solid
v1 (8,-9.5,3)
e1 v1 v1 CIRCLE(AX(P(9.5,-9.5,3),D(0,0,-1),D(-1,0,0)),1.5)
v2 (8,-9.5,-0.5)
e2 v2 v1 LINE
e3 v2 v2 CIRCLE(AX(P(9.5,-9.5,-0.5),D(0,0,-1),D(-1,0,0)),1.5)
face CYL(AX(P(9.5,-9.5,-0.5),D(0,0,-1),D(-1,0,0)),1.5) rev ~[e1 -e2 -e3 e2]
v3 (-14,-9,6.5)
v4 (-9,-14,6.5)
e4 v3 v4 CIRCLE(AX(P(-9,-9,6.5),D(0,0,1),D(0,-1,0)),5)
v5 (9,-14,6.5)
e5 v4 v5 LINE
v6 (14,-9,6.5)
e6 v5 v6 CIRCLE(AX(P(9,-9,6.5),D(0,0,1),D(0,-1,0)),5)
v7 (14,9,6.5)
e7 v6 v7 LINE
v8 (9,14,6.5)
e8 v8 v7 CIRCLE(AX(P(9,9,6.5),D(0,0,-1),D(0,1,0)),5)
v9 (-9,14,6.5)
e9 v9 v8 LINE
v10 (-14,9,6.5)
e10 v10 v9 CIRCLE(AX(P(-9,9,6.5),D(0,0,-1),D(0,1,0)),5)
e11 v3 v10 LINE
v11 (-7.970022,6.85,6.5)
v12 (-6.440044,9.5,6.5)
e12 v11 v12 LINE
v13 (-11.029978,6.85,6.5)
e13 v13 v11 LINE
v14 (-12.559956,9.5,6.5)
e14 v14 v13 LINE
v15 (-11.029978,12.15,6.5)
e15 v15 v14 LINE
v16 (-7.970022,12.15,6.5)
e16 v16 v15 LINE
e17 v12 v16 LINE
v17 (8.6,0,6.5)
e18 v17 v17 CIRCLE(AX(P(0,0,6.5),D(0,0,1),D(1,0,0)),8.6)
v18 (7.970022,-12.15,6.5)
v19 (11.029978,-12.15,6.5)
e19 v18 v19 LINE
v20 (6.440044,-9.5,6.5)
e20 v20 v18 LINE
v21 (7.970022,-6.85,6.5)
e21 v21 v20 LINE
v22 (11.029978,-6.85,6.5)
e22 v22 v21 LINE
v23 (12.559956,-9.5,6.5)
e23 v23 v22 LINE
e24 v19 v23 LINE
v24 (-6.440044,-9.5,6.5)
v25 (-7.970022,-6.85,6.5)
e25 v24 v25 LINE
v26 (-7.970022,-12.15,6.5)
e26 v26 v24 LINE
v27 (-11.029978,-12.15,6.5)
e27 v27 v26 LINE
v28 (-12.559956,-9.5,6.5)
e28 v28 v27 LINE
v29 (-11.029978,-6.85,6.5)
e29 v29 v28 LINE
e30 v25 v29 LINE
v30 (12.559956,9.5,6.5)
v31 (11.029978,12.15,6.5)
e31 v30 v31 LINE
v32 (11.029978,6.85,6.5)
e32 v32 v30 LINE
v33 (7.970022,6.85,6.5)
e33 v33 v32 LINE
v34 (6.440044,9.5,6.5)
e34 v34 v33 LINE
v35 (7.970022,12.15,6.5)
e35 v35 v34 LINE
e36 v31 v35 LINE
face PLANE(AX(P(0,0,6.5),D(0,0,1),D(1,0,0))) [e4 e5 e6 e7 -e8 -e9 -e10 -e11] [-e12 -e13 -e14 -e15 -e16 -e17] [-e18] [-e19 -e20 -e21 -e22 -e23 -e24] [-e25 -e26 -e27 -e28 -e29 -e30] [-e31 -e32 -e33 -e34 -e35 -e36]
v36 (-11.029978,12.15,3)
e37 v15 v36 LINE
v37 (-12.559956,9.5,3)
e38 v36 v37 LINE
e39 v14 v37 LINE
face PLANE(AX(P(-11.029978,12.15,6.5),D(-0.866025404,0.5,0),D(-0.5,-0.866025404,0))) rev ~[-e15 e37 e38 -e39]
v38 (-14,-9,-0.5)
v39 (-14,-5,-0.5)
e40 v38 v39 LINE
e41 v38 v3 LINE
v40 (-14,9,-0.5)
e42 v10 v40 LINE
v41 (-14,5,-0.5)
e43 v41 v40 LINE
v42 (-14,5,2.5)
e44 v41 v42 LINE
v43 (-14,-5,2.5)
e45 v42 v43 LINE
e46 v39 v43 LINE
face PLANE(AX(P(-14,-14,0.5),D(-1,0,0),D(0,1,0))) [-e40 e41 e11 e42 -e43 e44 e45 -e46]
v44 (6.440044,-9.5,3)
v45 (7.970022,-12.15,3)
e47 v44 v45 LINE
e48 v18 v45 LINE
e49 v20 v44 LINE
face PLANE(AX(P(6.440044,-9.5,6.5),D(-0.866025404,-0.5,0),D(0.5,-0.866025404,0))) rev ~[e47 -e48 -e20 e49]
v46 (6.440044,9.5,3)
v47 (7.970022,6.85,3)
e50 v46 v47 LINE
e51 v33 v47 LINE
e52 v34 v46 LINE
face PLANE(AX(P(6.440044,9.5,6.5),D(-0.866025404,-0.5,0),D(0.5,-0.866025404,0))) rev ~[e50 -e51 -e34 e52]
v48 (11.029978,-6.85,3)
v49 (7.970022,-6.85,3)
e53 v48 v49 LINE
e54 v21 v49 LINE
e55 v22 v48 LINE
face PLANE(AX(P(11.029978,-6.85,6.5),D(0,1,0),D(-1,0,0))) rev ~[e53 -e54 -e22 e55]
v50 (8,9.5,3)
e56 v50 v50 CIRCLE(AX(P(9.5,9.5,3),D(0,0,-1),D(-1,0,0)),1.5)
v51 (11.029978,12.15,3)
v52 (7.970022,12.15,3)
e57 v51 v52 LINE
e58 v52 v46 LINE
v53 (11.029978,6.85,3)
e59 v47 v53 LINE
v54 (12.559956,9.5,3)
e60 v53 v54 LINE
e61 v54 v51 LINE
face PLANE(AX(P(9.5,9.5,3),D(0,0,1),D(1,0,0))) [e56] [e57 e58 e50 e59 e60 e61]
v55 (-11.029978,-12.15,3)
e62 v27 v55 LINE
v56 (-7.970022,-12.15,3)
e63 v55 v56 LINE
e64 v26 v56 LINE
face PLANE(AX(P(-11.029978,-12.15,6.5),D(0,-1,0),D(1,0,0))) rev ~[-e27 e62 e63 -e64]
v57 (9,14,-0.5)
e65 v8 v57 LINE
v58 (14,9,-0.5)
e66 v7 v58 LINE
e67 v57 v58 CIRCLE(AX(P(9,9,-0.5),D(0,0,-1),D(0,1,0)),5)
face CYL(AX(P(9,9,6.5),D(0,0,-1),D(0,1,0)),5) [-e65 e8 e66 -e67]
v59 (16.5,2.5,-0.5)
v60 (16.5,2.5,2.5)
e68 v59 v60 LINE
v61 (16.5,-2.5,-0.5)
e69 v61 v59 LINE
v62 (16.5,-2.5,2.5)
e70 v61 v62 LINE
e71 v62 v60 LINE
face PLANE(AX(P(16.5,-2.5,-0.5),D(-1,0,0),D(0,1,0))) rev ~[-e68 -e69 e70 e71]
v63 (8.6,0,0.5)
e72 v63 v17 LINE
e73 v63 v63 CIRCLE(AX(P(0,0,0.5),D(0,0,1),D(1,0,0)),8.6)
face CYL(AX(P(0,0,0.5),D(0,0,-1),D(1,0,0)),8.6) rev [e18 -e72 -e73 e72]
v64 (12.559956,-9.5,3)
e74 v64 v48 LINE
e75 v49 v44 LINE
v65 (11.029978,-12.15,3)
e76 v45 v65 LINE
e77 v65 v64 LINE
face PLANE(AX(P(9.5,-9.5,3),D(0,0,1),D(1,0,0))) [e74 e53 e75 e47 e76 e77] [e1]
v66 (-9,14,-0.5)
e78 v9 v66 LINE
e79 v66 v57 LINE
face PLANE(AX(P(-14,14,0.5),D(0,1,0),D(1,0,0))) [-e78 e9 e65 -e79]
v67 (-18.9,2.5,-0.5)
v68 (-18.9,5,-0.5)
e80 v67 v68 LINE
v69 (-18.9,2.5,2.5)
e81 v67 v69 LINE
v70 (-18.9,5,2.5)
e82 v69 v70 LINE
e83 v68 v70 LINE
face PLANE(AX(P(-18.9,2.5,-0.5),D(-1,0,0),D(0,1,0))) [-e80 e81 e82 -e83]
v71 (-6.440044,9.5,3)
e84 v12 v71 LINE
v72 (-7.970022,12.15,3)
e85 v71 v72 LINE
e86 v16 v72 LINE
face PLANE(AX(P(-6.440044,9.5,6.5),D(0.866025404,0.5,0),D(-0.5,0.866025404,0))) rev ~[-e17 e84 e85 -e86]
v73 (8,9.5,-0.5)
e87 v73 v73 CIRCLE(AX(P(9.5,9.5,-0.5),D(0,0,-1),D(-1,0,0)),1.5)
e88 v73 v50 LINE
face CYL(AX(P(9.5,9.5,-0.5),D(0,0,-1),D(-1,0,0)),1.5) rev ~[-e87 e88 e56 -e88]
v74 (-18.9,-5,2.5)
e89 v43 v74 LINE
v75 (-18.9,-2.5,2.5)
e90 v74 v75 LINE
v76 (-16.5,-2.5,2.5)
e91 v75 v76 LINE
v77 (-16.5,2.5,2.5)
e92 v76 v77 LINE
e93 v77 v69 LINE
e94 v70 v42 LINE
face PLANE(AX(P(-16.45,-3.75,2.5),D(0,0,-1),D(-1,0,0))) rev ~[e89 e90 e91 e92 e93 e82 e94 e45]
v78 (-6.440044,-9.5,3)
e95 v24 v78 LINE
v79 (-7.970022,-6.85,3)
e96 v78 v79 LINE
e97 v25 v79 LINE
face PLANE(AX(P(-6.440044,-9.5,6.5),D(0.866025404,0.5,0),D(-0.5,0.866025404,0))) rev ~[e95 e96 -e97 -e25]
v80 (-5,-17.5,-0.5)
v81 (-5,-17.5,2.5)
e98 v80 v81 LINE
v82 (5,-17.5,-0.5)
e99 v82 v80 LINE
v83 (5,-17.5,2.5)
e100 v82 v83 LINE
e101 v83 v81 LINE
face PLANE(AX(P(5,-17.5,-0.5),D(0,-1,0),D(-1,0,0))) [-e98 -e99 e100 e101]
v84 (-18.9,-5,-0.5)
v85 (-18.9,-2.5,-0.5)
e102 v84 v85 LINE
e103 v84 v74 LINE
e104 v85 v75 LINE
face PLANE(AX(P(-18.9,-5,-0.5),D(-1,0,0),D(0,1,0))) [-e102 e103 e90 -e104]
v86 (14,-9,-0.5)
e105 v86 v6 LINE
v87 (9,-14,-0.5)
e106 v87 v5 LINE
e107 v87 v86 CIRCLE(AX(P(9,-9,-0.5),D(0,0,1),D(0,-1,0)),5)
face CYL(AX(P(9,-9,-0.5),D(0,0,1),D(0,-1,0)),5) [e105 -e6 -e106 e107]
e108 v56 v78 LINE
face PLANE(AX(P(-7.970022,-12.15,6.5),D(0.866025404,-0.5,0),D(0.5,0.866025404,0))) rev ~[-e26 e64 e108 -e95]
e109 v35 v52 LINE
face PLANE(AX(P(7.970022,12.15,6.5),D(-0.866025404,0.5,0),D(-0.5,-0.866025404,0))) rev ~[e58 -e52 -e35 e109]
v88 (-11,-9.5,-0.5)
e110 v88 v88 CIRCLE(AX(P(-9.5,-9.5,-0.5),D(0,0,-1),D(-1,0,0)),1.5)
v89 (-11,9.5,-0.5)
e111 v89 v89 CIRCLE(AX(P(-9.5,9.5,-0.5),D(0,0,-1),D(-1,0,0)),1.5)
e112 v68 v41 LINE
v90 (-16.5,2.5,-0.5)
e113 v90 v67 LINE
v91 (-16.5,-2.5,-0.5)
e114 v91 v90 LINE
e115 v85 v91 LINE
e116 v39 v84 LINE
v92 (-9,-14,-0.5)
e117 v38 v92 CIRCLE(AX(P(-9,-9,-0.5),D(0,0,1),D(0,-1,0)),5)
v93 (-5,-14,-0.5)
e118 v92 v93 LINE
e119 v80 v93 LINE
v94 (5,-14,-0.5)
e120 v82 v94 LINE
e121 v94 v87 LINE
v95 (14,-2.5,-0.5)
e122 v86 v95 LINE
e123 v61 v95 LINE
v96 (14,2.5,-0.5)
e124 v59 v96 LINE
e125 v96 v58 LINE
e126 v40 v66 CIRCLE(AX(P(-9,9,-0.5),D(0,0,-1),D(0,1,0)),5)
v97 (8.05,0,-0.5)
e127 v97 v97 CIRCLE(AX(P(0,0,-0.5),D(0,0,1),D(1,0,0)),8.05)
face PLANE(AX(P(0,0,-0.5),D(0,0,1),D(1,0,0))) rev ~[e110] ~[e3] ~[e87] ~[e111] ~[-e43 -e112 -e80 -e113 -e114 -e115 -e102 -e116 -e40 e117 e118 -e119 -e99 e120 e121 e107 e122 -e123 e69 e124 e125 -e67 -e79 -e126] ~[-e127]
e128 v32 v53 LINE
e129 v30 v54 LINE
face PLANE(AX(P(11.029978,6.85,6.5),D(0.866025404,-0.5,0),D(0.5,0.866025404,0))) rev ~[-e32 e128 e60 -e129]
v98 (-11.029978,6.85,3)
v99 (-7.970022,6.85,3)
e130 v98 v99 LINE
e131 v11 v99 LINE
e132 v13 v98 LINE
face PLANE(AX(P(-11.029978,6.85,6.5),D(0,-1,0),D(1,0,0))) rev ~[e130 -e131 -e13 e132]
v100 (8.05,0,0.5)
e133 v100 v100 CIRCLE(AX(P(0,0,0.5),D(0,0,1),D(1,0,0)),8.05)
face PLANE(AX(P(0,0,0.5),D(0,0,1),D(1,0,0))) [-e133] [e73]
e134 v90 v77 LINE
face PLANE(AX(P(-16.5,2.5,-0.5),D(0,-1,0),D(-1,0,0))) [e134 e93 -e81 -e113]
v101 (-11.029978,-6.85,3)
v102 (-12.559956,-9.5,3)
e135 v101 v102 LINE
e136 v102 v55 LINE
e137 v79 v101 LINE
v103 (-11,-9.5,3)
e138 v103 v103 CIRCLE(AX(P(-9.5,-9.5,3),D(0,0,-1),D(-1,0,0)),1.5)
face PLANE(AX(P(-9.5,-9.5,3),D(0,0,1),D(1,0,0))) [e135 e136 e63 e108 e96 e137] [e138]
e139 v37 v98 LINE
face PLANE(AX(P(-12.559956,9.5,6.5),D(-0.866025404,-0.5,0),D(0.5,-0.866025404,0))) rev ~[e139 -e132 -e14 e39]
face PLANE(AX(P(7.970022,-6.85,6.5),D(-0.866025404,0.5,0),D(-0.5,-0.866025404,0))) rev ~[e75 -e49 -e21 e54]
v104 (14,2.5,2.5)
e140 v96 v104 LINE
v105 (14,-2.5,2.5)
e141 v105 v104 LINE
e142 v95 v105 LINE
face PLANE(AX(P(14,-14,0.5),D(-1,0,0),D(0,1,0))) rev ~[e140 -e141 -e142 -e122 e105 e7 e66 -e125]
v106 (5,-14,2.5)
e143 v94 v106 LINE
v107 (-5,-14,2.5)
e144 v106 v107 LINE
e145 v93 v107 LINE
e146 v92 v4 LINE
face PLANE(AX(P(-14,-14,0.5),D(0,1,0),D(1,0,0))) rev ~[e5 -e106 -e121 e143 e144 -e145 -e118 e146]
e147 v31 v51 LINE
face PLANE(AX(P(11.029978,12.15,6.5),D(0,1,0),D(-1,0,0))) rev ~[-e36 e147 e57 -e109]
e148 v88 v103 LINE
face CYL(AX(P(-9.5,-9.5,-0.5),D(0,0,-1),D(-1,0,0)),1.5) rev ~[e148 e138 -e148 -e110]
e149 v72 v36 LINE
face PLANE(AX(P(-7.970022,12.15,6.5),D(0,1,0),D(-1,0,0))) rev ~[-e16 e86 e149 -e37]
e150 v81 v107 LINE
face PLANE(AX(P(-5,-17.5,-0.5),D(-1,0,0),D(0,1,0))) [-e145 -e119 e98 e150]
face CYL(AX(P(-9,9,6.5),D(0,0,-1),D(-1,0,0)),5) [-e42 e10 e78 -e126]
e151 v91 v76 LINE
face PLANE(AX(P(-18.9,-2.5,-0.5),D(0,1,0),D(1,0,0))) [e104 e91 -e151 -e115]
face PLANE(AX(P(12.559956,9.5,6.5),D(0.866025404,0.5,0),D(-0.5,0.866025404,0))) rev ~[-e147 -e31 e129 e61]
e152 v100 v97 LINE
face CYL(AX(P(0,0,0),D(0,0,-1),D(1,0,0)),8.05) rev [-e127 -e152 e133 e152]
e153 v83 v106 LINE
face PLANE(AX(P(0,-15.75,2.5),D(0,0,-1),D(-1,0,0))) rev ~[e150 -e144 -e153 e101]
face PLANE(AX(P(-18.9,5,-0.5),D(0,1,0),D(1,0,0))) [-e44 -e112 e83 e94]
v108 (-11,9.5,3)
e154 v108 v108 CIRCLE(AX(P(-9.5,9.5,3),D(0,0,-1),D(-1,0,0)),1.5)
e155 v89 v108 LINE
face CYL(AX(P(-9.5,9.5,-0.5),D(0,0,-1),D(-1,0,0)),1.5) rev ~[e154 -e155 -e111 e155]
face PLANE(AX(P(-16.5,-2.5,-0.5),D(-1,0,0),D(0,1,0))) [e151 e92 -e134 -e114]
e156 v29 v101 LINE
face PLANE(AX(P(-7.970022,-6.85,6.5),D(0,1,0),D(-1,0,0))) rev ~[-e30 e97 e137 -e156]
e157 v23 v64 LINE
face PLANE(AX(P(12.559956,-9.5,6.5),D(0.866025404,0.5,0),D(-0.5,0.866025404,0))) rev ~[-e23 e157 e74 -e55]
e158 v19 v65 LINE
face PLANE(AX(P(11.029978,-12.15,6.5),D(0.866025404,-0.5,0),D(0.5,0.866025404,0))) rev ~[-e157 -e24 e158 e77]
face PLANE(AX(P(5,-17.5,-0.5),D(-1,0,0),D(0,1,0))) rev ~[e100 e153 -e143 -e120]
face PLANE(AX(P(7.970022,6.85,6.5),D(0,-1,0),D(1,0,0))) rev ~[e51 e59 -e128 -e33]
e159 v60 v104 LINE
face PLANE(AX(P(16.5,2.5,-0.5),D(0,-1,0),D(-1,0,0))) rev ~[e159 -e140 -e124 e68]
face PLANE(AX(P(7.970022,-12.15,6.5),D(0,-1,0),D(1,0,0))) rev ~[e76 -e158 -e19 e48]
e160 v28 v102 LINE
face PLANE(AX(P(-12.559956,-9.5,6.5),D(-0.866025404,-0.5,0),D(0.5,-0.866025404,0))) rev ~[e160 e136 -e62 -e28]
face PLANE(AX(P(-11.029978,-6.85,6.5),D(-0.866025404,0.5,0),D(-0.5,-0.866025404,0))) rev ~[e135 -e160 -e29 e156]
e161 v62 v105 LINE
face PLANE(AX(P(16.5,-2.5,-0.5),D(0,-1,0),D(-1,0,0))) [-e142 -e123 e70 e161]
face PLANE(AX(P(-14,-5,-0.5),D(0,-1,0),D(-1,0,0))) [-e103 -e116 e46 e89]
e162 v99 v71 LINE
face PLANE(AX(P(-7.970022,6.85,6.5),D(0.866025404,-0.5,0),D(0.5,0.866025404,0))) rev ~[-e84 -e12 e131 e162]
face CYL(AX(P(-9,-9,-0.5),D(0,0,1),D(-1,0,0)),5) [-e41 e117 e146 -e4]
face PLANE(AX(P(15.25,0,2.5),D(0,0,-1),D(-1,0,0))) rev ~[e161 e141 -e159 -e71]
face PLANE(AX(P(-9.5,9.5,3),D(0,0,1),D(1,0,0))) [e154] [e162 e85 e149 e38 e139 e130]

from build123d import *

# Parameters (mm, degrees)
CROQUIS1_W              = 28
CROQUIS1_H              = 28
CROQUIS1_R              = 8.05
SALIENTE_EXTRUIR1_DEPTH = 0.5
CROQUIS2_W              = 28
CROQUIS2_H              = 28
CROQUIS2_R              = 8.6
SALIENTE_EXTRUIR2_DEPTH = 6
CORTAR_EXTRUIR1_DEPTH   = 3.5
CROQUIS6_R              = 1.5
CORTAR_EXTRUIR2_DEPTH   = 23.5
CROQUIS7_W              = 2.5
CROQUIS7_H              = 5
CROQUIS7_W_2            = 10
CROQUIS7_H_2            = 3.5
SALIENTE_EXTRUIR3_DEPTH = 3
REDONDEO1_R             = 5


with BuildPart() as part:
    # Croquis1 → Saliente-Extruir1 (new, symmetric)
    with BuildSketch(Plane.XY):
        Rectangle(CROQUIS1_W, CROQUIS1_H)
        Circle(CROQUIS1_R, mode=Mode.SUBTRACT)
    extrude(amount=SALIENTE_EXTRUIR1_DEPTH, both=True)

    # Croquis2 → Saliente-Extruir2 (add)
    with BuildSketch(Plane.XY.offset(0.5)):
        Rectangle(CROQUIS2_W, CROQUIS2_H)
        Circle(CROQUIS2_R, mode=Mode.SUBTRACT)
    extrude(amount=SALIENTE_EXTRUIR2_DEPTH)

    # Croquis3 → Cortar-Extruir1 (cut)
    with BuildSketch(Plane.XY.offset(6.5)):
        Polygon((11.029978213, 12.15), (7.970021787, 12.15), (6.440043573, 9.5), (7.970021787, 6.85), (11.029978213, 6.85), (12.559956427, 9.5), align=None)
        Polygon((-6.440043573, 9.5), (-7.970021787, 12.15), (-11.029978213, 12.15), (-12.559956427, 9.5), (-11.029978213, 6.85), (-7.970021787, 6.85), align=None)
        Polygon((-7.970021787, -6.85), (-11.029978213, -6.85), (-12.559956427, -9.5), (-11.029978213, -12.15), (-7.970021787, -12.15), (-6.440043573, -9.5), align=None)
        Polygon((11.029978213, -6.85), (7.970021787, -6.85), (6.440043573, -9.5), (7.970021787, -12.15), (11.029978213, -12.15), (12.559956427, -9.5), align=None)
    extrude(amount=-CORTAR_EXTRUIR1_DEPTH, mode=Mode.SUBTRACT)

    # Croquis6 → Cortar-Extruir2 (cut)
    with BuildSketch(Plane(origin=(0, 0, -0.5), x_dir=(-1, 0, 0), z_dir=(0, 0, -1))):
        with Locations((-9.5, 9.5)):
            Circle(CROQUIS6_R)
        with Locations((9.5, 9.5)):
            Circle(CROQUIS6_R)
        with Locations((9.5, -9.5)):
            Circle(CROQUIS6_R)
        with Locations((-9.5, -9.5)):
            Circle(CROQUIS6_R)
    extrude(amount=-CORTAR_EXTRUIR2_DEPTH, mode=Mode.SUBTRACT)

    # Croquis7 → Saliente-Extruir3 (add)
    with BuildSketch(Plane(origin=(0, 0, -0.5), x_dir=(-1, 0, 0), z_dir=(0, 0, -1))):
        with Locations((-15.25, 0)):
            Rectangle(CROQUIS7_W, CROQUIS7_H)
        with Locations((0, -15.75)):
            Rectangle(CROQUIS7_W_2, CROQUIS7_H_2)
        Polygon((14, -2.5), (14, -5), (18.9, -5), (18.9, -2.5), (16.5, -2.5), align=None)
        with Locations((15.25, 0)):
            Rectangle(CROQUIS7_W, CROQUIS7_H)
        Polygon((14, 5), (14, 2.5), (16.5, 2.5), (18.9, 2.5), (18.9, 5), align=None)
    extrude(amount=-SALIENTE_EXTRUIR3_DEPTH)

    # Redondeo1
    redondeo1_edges = [part.edges().sort_by_distance(p)[0] for p in [
        (14, -14, 3),
        (-14, -14, 3),
        (-14, 14, 3),
        (14, 14, 3),
    ]]
    fillet(redondeo1_edges, radius=REDONDEO1_R)


solid = part.part
